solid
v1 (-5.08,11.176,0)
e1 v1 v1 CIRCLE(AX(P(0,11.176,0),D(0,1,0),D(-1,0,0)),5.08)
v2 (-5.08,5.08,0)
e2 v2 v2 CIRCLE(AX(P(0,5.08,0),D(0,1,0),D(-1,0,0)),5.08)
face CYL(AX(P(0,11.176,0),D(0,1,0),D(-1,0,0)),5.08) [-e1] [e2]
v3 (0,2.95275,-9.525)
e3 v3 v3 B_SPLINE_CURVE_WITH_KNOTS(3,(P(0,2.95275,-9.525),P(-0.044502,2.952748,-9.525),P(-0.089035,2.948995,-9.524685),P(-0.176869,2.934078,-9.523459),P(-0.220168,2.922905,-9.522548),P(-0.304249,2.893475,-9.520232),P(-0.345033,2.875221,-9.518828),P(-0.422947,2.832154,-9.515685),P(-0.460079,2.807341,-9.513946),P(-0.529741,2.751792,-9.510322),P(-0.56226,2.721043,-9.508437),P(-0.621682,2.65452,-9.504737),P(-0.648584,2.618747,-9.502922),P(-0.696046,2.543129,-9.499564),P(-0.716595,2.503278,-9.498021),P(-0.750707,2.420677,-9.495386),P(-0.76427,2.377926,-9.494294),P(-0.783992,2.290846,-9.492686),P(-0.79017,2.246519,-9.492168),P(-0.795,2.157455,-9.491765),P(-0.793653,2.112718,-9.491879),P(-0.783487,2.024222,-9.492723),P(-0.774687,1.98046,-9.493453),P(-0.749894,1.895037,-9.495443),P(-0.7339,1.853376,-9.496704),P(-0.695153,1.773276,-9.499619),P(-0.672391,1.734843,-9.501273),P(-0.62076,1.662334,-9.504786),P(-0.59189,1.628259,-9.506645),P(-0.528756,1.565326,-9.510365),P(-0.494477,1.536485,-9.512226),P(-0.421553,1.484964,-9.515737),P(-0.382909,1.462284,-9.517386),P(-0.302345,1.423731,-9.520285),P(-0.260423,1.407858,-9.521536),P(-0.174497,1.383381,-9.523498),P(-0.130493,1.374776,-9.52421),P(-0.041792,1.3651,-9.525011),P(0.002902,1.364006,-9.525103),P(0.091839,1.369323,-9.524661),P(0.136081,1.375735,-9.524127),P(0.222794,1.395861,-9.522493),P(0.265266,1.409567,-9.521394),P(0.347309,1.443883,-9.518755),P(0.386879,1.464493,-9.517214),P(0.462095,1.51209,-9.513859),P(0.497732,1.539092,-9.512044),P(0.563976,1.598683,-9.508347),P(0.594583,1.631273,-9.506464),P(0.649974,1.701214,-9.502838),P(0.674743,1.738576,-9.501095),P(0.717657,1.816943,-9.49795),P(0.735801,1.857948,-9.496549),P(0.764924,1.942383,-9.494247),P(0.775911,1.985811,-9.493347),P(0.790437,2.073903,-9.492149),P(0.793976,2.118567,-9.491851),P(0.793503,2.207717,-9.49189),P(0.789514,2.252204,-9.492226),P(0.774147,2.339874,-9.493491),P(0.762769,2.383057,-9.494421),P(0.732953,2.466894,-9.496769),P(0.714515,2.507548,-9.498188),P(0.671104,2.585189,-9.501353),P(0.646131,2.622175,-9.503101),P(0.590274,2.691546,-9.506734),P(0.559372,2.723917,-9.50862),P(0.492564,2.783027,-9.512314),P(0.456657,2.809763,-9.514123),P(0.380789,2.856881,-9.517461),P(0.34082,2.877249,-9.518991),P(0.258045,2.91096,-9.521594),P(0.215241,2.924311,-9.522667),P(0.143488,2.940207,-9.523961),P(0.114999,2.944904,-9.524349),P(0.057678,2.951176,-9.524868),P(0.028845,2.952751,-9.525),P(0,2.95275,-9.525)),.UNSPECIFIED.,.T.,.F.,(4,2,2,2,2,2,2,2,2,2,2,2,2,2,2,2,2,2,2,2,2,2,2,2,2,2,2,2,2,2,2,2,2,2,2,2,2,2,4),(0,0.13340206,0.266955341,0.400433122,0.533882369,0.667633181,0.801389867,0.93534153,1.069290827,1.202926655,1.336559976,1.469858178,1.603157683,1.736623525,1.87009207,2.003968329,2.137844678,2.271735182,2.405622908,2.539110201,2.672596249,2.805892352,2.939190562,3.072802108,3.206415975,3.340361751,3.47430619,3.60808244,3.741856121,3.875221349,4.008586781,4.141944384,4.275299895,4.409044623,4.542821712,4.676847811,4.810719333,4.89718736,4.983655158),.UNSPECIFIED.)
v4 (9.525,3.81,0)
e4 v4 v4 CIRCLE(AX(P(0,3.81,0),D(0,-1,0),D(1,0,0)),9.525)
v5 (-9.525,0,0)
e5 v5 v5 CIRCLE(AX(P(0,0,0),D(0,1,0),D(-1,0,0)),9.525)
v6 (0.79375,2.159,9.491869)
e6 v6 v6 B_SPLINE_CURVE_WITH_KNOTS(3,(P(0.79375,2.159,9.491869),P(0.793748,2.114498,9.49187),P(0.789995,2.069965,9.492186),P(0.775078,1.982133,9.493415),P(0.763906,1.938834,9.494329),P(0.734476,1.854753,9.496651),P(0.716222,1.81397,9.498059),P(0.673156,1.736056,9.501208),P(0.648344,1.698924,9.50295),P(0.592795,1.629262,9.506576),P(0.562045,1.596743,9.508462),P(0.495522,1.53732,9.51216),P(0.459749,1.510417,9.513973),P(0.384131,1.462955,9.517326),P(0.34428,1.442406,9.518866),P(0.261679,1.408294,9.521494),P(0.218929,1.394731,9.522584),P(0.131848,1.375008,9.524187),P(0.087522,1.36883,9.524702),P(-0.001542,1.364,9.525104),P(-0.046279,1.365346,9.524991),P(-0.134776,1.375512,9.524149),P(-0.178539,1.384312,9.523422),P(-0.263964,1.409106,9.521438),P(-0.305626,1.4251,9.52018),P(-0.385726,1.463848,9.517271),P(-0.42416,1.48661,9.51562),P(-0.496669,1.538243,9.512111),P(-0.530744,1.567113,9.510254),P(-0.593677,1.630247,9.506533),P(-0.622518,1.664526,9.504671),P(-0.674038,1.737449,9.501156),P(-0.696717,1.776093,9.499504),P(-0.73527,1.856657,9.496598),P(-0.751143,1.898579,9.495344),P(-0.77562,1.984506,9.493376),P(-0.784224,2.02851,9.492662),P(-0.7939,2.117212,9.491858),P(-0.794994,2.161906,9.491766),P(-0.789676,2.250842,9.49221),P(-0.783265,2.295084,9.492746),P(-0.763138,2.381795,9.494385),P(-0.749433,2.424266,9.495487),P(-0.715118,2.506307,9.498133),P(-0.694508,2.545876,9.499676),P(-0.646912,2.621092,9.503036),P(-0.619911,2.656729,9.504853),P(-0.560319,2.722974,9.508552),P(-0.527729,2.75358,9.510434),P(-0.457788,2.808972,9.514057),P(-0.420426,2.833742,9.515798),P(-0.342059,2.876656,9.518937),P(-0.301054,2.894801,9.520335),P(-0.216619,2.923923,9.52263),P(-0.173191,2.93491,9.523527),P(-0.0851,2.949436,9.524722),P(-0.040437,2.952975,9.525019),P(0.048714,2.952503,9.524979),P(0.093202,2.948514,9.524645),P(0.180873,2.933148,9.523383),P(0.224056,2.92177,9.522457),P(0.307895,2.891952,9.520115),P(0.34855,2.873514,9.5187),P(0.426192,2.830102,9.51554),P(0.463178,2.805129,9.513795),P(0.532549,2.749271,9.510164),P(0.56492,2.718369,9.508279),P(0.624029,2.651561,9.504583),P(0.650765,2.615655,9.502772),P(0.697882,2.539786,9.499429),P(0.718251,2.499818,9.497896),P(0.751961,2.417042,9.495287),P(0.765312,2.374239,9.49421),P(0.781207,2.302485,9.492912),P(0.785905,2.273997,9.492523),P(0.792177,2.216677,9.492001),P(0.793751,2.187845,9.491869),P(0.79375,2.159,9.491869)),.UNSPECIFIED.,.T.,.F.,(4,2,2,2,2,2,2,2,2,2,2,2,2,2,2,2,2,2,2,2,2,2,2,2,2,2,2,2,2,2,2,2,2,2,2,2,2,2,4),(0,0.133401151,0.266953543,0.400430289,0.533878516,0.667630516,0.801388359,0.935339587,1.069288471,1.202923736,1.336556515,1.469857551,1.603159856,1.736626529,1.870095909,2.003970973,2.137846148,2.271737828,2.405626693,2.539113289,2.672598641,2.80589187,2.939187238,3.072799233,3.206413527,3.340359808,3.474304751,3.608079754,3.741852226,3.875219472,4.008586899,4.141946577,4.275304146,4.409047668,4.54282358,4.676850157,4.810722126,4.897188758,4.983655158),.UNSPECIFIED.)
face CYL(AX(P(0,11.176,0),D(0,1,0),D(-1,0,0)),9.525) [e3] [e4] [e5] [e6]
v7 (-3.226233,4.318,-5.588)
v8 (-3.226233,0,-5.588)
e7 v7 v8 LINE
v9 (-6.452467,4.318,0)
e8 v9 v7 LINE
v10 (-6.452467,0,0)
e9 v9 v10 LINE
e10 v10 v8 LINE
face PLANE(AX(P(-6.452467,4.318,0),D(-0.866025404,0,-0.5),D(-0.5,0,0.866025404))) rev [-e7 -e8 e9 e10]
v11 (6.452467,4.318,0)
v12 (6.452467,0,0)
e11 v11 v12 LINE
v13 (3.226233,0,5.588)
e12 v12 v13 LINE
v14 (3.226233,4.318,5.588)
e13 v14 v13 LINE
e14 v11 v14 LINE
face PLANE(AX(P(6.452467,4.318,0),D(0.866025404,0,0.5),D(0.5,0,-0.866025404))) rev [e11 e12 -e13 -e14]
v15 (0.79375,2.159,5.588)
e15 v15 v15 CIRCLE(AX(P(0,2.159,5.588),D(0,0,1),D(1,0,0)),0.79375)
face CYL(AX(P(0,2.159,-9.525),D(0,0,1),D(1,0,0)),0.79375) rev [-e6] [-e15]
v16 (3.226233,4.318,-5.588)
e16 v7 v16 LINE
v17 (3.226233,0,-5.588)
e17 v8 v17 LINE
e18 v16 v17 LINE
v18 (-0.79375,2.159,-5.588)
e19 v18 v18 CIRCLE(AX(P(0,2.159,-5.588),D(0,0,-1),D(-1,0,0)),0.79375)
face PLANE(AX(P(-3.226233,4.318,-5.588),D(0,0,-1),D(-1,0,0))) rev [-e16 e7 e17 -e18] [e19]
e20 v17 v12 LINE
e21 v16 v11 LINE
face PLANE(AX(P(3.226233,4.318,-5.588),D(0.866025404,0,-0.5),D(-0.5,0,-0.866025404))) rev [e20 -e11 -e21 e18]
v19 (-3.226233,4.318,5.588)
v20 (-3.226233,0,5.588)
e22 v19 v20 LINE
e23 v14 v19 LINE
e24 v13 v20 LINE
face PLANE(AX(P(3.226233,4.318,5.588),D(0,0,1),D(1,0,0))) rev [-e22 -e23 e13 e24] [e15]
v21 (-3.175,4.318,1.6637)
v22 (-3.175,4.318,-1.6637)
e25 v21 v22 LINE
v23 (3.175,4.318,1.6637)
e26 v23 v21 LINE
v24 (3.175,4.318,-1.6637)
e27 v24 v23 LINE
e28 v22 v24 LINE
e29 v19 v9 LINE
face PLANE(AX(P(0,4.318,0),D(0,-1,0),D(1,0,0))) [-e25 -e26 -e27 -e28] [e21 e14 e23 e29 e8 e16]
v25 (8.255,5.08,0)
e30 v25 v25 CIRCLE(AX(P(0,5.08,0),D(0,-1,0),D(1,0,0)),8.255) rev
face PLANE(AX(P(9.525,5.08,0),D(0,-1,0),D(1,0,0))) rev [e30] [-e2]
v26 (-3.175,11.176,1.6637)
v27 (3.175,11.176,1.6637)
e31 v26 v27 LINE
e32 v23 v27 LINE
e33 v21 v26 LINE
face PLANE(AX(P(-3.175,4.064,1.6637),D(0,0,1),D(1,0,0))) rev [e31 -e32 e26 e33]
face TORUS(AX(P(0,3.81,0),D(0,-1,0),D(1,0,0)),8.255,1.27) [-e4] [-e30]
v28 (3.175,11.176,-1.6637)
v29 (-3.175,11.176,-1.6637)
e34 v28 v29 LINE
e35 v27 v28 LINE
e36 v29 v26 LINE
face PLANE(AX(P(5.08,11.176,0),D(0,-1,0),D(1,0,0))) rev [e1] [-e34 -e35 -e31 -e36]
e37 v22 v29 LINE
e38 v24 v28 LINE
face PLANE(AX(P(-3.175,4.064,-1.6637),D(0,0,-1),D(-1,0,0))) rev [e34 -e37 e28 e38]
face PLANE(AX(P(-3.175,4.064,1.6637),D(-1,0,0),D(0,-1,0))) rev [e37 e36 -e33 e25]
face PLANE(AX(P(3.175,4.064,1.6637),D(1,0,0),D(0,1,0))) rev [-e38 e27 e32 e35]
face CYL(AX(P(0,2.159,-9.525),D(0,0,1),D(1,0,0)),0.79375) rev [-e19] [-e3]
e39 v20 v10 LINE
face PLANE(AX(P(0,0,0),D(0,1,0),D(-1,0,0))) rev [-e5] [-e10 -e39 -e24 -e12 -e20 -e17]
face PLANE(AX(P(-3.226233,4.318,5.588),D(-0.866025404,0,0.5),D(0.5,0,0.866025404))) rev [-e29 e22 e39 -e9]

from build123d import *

# Parameters (mm, degrees)
CUT_EXTRUDE1_DEPTH      = 4.318
SKETCH4_W               = 6.35
SKETCH4_H               = 3.3274
CUT_EXTRUDE2_DEPTH      = 7.112
CUT_EXTRUDE3_DEPTH      = 22.07205187
CUT_EXTRUDE3_DEPTH_BACK = 22.07205187
SKETCH5_R               = 0.79375
FILLET2_R               = 1.27


with BuildPart() as part:
    # Sketch2 → Revolve1 (revolve)
    with BuildSketch(Plane.XY, mode=Mode.PRIVATE) as revolve1_sk:
        Polygon((9.525, 0), (9.525, 5.08), (5.08, 5.08), (5.08, 11.176), (0, 11.176), (0, 0), align=None)
    revolve(revolve1_sk.sketch.rotate(Axis((0, 11.176, 0), (0, -1, 0)), 180), axis=Axis((0, 11.176, 0), (0, -1, 0)))

    # Sketch3 → Cut-Extrude1 (cut)
    with BuildSketch(Plane.XZ):
        Polygon((6.452466608, 0), (3.226233304, 5.588), (-3.226233304, 5.588), (-6.452466608, 0), (-3.226233304, -5.588), (3.226233304, -5.588), align=None)
    extrude(amount=-CUT_EXTRUDE1_DEPTH, mode=Mode.SUBTRACT)

    # Sketch4 → Cut-Extrude2 (cut)
    with BuildSketch(Plane(origin=(0, 11.176, 0), x_dir=(1, 0, 0), z_dir=(0, 1, 0))):
        Rectangle(SKETCH4_W, SKETCH4_H)
    extrude(amount=-CUT_EXTRUDE2_DEPTH, mode=Mode.SUBTRACT)

    # Sketch5 → Cut-Extrude3 (cut, two sides: drawn at the far end of the back side and taken through both)
    with BuildSketch(Plane.XY.offset(-5.588).offset(-CUT_EXTRUDE3_DEPTH_BACK)):
        with Locations((0, 2.159)):
            Circle(SKETCH5_R)
    extrude(amount=CUT_EXTRUDE3_DEPTH + CUT_EXTRUDE3_DEPTH_BACK, mode=Mode.SUBTRACT)

    # Fillet2
    fillet2_edges = [part.edges().sort_by_distance(p)[0] for p in [
        (9.525, 5.08, 0),
    ]]
    fillet(fillet2_edges, radius=FILLET2_R)


solid = part.part
